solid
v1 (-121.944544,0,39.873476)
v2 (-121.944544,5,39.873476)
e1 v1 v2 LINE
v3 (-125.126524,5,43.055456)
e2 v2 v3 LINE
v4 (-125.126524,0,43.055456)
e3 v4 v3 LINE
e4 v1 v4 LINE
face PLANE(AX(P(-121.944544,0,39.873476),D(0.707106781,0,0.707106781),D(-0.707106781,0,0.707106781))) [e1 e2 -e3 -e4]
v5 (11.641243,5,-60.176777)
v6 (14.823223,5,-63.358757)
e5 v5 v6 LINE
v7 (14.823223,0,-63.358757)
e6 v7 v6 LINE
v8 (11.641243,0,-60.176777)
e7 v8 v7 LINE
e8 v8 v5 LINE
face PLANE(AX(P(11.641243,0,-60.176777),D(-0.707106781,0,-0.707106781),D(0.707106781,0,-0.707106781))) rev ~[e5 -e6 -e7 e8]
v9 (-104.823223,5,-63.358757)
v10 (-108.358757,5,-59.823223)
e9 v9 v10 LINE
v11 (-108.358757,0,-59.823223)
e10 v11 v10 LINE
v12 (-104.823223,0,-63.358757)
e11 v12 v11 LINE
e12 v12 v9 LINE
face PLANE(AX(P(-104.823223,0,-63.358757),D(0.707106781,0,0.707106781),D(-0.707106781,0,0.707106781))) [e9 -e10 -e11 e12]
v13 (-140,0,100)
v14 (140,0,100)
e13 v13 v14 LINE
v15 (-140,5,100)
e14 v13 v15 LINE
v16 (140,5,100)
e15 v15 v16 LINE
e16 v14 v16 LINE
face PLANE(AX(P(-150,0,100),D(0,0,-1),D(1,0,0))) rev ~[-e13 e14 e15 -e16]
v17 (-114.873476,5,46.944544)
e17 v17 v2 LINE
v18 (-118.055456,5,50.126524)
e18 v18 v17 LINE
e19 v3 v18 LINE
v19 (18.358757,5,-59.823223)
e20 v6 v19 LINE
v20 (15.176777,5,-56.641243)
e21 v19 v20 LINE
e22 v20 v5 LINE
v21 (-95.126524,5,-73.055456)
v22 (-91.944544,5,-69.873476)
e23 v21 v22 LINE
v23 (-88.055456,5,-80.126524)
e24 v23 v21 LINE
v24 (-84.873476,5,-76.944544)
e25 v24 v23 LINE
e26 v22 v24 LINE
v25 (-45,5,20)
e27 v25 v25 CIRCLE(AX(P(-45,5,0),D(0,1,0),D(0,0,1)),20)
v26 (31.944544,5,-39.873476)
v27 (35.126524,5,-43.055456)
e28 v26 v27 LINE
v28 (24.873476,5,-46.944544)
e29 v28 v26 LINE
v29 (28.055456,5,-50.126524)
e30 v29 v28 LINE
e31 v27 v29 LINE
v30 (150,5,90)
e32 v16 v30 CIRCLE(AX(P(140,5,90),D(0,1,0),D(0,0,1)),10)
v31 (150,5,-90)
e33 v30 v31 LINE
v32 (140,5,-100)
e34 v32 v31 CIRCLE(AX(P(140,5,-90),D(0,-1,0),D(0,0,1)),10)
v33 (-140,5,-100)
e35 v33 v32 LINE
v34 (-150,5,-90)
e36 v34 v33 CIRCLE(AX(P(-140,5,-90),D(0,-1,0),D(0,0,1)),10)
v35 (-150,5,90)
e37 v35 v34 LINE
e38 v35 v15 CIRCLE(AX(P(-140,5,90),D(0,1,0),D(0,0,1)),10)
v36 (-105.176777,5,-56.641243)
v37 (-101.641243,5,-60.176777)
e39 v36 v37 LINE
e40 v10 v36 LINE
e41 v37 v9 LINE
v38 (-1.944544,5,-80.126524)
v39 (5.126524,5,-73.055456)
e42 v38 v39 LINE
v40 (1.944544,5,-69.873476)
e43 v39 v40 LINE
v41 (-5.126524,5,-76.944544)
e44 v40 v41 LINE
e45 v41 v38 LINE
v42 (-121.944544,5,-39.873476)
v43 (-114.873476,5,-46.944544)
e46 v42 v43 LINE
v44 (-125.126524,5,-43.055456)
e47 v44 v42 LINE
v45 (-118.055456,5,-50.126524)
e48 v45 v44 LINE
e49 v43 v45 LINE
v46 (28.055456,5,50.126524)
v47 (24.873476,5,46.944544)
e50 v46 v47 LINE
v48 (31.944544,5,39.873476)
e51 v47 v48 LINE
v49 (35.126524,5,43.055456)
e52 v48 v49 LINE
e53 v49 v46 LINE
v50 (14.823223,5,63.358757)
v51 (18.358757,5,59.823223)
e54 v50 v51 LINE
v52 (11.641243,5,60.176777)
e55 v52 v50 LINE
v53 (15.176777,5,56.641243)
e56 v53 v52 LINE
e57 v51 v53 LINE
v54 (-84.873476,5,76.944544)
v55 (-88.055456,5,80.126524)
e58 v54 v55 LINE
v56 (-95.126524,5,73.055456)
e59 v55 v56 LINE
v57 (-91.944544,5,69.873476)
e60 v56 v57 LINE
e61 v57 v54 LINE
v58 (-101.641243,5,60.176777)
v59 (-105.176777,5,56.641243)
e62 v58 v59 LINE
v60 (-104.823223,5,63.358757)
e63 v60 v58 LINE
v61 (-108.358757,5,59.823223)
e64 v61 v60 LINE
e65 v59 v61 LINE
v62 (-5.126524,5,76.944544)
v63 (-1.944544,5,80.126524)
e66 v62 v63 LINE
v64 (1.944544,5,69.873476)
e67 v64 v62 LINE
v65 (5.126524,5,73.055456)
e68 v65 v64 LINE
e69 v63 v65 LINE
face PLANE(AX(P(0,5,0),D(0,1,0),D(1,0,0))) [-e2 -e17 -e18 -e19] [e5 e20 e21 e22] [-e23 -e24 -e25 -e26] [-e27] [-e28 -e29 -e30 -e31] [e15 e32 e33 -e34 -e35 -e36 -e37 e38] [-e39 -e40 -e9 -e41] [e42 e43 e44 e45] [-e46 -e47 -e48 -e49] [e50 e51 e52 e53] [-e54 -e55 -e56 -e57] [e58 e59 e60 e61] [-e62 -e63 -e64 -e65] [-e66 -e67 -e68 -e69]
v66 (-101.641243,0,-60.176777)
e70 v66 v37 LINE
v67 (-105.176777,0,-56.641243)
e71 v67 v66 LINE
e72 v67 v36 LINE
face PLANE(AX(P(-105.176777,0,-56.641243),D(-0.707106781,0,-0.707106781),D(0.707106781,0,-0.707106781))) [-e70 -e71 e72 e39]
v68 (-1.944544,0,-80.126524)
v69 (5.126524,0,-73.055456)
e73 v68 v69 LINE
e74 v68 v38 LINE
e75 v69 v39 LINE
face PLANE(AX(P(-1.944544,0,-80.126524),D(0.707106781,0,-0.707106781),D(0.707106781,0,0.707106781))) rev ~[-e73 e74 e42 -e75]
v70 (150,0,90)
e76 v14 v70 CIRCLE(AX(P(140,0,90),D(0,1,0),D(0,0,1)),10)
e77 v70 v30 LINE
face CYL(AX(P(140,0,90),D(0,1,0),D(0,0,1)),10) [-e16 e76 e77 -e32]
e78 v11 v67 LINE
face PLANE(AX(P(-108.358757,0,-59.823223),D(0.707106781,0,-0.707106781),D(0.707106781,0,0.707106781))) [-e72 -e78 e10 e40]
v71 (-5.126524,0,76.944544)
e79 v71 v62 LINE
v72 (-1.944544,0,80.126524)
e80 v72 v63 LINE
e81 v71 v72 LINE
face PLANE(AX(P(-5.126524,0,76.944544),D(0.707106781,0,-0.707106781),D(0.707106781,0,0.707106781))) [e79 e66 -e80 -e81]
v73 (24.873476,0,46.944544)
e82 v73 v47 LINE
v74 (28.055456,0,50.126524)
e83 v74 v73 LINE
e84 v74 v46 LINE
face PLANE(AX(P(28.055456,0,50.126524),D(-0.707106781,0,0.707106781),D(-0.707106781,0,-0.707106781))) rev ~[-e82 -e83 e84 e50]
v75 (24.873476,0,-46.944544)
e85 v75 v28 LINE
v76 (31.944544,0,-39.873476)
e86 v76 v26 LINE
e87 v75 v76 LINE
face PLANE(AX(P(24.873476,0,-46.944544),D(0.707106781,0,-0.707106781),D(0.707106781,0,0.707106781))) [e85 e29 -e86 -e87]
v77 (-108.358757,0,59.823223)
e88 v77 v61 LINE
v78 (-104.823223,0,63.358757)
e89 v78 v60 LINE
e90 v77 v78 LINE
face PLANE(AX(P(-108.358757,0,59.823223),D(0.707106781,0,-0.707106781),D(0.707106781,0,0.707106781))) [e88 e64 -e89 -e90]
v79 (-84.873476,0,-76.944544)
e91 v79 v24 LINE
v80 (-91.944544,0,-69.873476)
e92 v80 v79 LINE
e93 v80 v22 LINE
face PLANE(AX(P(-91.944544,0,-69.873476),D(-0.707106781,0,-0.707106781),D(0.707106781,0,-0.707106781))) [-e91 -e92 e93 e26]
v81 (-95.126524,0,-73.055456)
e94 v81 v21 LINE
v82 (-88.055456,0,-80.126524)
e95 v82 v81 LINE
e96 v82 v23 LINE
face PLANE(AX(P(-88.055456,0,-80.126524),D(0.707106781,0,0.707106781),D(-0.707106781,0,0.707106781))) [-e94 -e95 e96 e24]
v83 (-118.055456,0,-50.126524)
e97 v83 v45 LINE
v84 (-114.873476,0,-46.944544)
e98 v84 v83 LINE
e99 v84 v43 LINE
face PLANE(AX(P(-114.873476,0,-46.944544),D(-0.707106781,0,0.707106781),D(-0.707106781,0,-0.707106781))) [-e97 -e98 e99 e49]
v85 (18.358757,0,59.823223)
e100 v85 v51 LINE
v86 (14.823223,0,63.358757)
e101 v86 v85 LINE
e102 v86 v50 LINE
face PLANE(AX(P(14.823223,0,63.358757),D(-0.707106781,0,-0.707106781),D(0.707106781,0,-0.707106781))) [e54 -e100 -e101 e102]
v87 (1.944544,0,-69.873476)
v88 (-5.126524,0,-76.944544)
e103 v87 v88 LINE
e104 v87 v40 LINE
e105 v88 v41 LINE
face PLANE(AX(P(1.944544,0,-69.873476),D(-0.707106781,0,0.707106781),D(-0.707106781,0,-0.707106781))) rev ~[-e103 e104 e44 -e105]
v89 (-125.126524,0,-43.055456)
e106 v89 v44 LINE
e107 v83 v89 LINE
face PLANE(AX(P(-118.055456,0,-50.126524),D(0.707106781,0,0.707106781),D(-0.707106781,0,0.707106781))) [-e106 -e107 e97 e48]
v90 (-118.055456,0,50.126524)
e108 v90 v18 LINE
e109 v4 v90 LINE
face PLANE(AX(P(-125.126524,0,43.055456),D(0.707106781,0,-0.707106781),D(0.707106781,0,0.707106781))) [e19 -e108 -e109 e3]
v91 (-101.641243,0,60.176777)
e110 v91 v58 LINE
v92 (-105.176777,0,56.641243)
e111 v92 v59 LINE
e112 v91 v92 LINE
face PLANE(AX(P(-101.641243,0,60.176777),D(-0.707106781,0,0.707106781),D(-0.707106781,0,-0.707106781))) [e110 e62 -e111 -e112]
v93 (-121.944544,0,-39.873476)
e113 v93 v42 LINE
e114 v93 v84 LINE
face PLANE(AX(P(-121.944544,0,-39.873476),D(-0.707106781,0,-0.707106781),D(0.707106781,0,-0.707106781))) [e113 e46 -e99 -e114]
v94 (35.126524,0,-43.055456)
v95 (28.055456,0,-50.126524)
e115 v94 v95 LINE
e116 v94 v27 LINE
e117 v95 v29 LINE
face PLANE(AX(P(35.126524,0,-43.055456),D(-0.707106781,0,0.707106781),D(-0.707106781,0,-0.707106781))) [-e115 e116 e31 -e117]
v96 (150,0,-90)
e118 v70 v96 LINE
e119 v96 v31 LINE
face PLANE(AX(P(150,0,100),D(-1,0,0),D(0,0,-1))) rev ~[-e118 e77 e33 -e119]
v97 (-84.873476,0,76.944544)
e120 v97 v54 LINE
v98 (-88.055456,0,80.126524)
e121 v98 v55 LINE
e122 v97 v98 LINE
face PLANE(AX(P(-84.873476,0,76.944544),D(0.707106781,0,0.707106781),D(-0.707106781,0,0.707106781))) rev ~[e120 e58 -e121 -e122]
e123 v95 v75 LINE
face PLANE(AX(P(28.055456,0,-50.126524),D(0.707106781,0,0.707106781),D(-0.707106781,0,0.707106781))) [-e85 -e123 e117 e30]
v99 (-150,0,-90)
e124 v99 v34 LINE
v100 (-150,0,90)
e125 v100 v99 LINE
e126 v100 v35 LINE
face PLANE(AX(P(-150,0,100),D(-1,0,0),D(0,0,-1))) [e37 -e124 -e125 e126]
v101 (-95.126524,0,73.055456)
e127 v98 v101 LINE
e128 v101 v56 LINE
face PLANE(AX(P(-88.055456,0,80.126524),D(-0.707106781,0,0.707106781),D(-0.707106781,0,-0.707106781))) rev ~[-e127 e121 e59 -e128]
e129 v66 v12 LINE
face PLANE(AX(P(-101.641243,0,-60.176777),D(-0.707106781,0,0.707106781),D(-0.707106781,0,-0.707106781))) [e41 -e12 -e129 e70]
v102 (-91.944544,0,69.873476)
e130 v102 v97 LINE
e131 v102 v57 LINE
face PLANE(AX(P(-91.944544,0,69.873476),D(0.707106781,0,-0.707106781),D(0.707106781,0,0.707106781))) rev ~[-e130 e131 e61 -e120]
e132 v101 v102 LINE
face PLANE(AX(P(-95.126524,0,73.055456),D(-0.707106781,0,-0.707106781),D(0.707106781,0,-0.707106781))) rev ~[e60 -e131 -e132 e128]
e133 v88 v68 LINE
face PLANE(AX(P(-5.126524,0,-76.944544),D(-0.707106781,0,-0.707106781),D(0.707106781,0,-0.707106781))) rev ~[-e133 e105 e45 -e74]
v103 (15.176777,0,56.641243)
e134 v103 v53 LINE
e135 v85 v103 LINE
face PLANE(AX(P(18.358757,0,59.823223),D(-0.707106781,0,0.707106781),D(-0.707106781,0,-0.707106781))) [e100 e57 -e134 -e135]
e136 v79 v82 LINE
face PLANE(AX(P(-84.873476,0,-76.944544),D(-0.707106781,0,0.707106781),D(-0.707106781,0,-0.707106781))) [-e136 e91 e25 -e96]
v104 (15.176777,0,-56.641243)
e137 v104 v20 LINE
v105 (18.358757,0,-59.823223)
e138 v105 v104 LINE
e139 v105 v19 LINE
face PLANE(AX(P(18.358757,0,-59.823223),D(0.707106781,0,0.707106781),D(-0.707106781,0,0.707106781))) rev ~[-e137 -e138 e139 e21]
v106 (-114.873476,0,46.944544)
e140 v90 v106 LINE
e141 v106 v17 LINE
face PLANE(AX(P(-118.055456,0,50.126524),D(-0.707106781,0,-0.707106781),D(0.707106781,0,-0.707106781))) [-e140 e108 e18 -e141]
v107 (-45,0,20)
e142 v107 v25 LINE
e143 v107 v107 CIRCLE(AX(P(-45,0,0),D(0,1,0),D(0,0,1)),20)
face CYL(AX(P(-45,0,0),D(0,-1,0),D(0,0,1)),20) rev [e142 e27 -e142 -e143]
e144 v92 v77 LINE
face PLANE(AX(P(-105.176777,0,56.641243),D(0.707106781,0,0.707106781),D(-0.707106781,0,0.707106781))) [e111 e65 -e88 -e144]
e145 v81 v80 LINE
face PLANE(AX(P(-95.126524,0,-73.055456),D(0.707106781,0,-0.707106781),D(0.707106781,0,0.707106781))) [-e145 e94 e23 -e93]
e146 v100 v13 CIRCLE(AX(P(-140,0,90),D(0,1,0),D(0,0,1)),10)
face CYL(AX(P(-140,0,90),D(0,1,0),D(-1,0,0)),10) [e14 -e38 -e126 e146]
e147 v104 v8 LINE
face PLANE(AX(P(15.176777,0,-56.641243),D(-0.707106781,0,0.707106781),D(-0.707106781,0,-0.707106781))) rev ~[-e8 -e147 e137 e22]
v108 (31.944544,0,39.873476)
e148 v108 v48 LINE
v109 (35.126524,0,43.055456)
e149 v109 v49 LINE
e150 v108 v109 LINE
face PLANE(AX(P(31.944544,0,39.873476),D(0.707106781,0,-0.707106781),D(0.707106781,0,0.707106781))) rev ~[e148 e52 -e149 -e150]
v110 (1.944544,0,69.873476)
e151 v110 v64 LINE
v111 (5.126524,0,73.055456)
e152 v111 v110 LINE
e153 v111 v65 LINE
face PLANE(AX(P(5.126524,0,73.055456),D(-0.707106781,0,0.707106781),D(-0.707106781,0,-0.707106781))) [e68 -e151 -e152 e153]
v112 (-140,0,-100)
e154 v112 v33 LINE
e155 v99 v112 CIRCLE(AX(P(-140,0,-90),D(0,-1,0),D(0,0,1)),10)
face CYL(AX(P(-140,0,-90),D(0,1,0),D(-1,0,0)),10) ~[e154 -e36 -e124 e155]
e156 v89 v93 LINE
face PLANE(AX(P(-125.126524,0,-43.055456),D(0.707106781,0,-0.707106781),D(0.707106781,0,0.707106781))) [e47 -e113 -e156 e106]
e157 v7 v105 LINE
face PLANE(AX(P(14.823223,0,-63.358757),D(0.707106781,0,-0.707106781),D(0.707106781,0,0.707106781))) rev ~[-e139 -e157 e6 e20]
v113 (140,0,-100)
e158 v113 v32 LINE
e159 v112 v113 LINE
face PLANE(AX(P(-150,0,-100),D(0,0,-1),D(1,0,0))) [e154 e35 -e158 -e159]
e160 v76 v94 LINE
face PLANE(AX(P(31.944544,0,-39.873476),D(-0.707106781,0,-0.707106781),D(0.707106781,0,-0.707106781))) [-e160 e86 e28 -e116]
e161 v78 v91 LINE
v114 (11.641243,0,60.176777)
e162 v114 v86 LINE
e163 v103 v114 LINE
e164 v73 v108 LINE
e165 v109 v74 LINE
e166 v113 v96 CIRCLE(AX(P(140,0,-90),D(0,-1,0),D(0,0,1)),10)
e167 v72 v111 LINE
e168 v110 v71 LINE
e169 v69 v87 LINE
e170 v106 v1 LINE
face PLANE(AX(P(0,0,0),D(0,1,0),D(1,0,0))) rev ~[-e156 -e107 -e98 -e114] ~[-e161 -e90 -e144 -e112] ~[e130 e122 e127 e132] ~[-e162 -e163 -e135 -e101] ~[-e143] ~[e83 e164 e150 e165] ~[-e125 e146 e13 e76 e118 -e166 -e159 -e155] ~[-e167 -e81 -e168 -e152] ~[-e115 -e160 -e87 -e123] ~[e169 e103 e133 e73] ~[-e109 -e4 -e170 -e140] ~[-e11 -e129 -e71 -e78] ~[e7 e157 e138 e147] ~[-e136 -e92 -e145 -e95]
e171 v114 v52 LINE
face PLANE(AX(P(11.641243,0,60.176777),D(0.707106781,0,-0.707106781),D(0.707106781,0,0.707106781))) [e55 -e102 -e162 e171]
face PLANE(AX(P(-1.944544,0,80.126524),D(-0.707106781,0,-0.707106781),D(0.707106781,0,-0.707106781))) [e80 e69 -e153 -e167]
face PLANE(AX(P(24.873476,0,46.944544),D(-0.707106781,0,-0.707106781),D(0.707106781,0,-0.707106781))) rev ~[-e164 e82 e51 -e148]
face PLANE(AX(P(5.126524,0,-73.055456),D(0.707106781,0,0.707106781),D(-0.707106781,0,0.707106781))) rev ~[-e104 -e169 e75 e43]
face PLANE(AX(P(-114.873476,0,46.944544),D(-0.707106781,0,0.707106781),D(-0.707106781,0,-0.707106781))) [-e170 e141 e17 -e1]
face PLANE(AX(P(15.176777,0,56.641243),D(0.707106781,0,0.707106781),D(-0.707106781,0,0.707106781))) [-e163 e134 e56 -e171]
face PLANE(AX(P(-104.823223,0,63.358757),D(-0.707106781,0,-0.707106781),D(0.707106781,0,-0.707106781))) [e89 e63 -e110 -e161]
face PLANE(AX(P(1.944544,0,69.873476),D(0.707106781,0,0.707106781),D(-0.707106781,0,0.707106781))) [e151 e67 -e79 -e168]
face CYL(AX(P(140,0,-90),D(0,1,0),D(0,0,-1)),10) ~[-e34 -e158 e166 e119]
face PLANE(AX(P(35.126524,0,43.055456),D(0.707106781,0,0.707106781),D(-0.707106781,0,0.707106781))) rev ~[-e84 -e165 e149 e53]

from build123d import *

# Parameters (mm, degrees)
SKETCH1_W           = 300
SKETCH1_H           = 200
SKETCH1_R           = 20
BOSS_EXTRUDE2_DEPTH = 5
FILLET1_R           = 10


with BuildPart() as part:
    # Sketch1 → Boss-Extrude2 (new body)
    with BuildSketch(Plane(origin=(0, 0, 0), x_dir=(1, 0, 0), z_dir=(0, 1, 0))):
        Rectangle(SKETCH1_W, SKETCH1_H)
        with Locations(Location((-45, 0, 0), (0, 0, 270))):
            Circle(SKETCH1_R, mode=Mode.SUBTRACT)
        Polygon((-88.055456352, 80.126524164), (-95.126524164, 73.055456352), (-91.944543648, 69.873475836), (-84.873475836, 76.944543648), align=None, mode=Mode.SUBTRACT)
        Polygon((-121.944543648, 39.873475836), (-114.873475836, 46.944543648), (-118.055456352, 50.126524164), (-125.126524164, 43.055456352), align=None, mode=Mode.SUBTRACT)
        Polygon((-1.944543648, 80.126524164), (5.126524164, 73.055456352), (1.944543648, 69.873475836), (-5.126524164, 76.944543648), align=None, mode=Mode.SUBTRACT)
        Polygon((35.126524164, 43.055456352), (28.055456352, 50.126524164), (24.873475836, 46.944543648), (31.944543648, 39.873475836), align=None, mode=Mode.SUBTRACT)
        Polygon((-1.944543648, -80.126524164), (5.126524164, -73.055456352), (1.944543648, -69.873475836), (-5.126524164, -76.944543648), align=None, mode=Mode.SUBTRACT)
        Polygon((35.126524164, -43.055456352), (28.055456352, -50.126524164), (24.873475836, -46.944543648), (31.944543648, -39.873475836), align=None, mode=Mode.SUBTRACT)
        Polygon((-125.126524164, -43.055456352), (-118.055456352, -50.126524164), (-114.873475836, -46.944543648), (-121.944543648, -39.873475836), align=None, mode=Mode.SUBTRACT)
        Polygon((-88.055456352, -80.126524164), (-95.126524164, -73.055456352), (-91.944543648, -69.873475836), (-84.873475836, -76.944543648), align=None, mode=Mode.SUBTRACT)
        Polygon((15.176776695, 56.641242789), (11.641242789, 60.176776695), (14.823223305, 63.358757211), (18.358757211, 59.823223305), align=None, mode=Mode.SUBTRACT)
        Polygon((15.176776695, -56.641242789), (11.641242789, -60.176776695), (14.823223305, -63.358757211), (18.358757211, -59.823223305), align=None, mode=Mode.SUBTRACT)
        Polygon((-101.641242789, -60.176776695), (-105.176776695, -56.641242789), (-108.358757211, -59.823223305), (-104.823223305, -63.358757211), align=None, mode=Mode.SUBTRACT)
        Polygon((-105.176776695, 56.641242789), (-101.641242789, 60.176776695), (-104.823223305, 63.358757211), (-108.358757211, 59.823223305), align=None, mode=Mode.SUBTRACT)
    extrude(amount=BOSS_EXTRUDE2_DEPTH)

    # Fillet1
    fillet1_edges = [part.edges().sort_by_distance(p)[0] for p in [
        (-150, 2.5, -100),
        (150, 2.5, -100),
        (150, 2.5, 100),
        (-150, 2.5, 100),
    ]]
    fillet(fillet1_edges, radius=FILLET1_R)


solid = part.part
